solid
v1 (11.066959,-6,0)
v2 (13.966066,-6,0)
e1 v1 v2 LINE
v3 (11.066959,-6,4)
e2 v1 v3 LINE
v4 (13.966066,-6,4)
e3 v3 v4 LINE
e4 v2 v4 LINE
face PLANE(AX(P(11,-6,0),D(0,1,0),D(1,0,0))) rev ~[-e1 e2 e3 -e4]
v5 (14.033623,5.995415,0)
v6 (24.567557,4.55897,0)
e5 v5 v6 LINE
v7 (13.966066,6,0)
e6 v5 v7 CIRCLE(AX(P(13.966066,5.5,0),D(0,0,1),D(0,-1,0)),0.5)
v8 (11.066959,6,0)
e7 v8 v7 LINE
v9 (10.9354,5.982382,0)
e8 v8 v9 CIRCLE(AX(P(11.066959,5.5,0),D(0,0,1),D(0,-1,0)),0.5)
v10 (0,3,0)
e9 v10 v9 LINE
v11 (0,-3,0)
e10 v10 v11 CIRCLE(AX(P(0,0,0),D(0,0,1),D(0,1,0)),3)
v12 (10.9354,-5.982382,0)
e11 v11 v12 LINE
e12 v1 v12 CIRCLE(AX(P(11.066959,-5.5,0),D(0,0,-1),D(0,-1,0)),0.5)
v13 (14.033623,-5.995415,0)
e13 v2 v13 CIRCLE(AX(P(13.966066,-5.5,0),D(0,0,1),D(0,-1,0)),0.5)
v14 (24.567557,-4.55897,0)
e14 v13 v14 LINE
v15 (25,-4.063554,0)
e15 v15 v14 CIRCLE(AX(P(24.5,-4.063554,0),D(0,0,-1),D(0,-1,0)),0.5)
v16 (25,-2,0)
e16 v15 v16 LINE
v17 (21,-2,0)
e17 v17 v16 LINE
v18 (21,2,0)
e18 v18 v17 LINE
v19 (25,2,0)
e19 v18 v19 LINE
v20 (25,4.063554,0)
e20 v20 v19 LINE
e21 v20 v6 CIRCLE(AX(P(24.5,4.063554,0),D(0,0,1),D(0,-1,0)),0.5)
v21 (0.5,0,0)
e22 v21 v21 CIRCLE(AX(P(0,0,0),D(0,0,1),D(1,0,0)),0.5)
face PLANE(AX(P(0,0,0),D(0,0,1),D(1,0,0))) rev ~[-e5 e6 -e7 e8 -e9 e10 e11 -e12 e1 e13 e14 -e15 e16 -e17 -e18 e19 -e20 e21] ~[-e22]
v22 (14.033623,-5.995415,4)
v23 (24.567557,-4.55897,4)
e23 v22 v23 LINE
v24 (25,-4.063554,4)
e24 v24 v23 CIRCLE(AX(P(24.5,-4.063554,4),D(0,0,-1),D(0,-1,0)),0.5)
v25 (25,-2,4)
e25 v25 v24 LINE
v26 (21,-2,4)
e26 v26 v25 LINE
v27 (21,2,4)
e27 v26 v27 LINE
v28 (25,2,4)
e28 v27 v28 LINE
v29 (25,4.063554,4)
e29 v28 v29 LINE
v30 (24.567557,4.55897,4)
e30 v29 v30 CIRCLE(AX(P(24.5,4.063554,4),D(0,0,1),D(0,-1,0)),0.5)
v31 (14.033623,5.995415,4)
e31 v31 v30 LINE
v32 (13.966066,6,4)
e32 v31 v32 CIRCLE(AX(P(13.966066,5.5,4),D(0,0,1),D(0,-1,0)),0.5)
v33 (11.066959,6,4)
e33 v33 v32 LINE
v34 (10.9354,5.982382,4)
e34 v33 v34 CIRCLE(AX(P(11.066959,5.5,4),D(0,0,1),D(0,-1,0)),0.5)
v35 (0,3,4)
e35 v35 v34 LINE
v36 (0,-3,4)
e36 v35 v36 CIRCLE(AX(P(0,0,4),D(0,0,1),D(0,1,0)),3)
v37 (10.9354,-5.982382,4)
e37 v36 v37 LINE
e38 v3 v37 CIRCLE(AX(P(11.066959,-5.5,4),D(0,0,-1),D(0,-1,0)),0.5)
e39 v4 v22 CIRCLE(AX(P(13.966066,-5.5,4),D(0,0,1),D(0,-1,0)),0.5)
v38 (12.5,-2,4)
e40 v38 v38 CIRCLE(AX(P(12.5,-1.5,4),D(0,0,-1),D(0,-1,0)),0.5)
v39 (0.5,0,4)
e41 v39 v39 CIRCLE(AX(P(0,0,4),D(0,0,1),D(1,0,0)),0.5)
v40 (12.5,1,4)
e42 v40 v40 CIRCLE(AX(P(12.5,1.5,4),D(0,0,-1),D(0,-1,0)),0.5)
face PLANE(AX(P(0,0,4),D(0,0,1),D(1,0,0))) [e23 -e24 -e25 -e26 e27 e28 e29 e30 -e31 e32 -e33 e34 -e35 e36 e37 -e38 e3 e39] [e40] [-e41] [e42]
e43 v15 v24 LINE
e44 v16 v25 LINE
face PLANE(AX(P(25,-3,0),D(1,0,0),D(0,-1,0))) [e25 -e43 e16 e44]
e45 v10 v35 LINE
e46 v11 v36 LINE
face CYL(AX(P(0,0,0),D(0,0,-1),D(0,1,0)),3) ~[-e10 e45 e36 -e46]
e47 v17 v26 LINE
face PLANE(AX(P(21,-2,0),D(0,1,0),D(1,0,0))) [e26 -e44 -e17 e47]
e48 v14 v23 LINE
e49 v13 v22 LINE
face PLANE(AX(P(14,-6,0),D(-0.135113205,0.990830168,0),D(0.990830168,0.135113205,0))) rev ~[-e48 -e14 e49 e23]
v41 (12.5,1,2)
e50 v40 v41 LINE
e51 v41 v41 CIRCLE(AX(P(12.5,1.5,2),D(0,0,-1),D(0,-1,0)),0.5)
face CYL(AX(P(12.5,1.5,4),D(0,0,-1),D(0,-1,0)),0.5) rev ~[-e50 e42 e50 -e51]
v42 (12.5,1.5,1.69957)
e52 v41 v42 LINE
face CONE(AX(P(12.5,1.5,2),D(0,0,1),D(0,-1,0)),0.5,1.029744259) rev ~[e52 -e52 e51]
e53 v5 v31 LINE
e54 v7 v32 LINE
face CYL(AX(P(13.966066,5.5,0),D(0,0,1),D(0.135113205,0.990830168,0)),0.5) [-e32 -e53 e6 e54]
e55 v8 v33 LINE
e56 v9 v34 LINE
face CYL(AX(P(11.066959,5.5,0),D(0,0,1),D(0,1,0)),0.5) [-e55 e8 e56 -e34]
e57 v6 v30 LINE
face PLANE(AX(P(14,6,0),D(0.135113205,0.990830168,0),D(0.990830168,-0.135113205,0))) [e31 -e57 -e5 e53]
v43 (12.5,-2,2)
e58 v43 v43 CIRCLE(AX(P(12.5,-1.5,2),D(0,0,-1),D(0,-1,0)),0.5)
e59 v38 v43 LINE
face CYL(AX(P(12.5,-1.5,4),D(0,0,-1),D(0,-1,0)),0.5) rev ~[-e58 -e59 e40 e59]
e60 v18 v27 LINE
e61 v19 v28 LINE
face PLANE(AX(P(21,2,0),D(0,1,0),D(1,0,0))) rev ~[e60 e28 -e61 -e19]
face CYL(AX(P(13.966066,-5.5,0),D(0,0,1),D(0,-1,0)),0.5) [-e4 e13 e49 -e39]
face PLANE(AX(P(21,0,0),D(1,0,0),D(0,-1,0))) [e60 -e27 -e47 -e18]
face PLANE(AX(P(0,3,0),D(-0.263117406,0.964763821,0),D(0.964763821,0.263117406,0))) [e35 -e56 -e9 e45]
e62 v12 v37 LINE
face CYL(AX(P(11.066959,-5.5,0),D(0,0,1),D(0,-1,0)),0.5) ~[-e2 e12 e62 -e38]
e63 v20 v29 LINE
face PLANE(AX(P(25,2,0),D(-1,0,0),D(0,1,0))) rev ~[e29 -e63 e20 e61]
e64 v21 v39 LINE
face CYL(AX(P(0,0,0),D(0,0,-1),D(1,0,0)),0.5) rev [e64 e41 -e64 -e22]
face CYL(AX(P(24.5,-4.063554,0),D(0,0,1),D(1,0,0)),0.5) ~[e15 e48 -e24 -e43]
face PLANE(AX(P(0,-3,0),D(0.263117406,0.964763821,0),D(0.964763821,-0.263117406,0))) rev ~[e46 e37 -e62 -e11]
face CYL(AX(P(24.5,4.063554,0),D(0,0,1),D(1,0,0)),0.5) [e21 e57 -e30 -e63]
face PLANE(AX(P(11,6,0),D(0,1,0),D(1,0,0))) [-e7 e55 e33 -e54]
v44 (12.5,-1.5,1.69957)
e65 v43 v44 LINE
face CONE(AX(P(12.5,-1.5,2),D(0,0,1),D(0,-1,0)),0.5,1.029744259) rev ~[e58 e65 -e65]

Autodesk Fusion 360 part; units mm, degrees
sketch "Sketch1" plane through (0, 0, 0) normal (0, 0, 1) x (1, 0, 0)
  line L0 (25, -3) -> (25, 3)
  circle A0 centre (0, 0) radius 0.5
  line L1 (25, 0) -> (21, 0)
  line L2 (21, 0) -> (21, -2)
  line L3 (21, -2) -> (25, -2)
  line L4 (25, -2) -> (25, 0)
  line L5 (25, 0) -> (11, 0)
  line L6 (25, 4.5) -> (25, 0)
  line L7 (11, 0) -> (25, 0)
  line L8 (25, 0) -> (25, -4.5)
  line L9 (25, 0) -> (21, 0)
  line L10 (21, 0) -> (21, 2)
  line L11 (21, 2) -> (25, 2)
  line L12 (25, 2) -> (25, 0)
  line L13 (25, -2) -> (21, -2)
  line L14 (25, -4.5) -> (25, -2)
  line L15 (25, 2) -> (21, 2)
  line L16 (25, 4.5) -> (25, 2)
  line L17 (0, 3) -> (11, 6)
  line L18 (0, -3) -> (11, -6)
  line L19 (11, -6) -> (14, -6)
  line L20 (14, -6) -> (25, -4.5)
  line L21 (11, 6) -> (14, 6)
  line L22 (14, 6) -> (25, 4.5)
  arc A1 (0, 3) -> (0, -3) centre (0, 0) ccw
  dimension "d1" = 6
  dimension "d3" = 1
extrude "Extrude1" add sketch "Sketch1" along normal blind 4 contours L0 L2 L3 L6 L8 L10 L11 L13 L14 L15 L16 L17 L18 L19 L20 L21 L22 A1
fillet "Fillet1" radius 0.5 1 edges at (25, -4.5, 2)
fillet "Fillet2" radius 0.5 1 edges at (25, 4.5, 2)
fillet "Fillet3" radius 0.5 1 edges at (14, 6, 2)
fillet "Fillet4" radius 0.5 1 edges at (11, 6, 2)
fillet "Fillet5" radius 0.5 1 edges at (14, -6, 2)
fillet "Fillet6" radius 0.5 1 edges at (11, -6, 2)
sketch "Sketch2" plane through (0, 0, 0) normal (0, 0, 1) x (1, 0, 0)
sketch "Sketch3" plane through (0, 0, 0) normal (0, 1, 0) x (1, 0, 0)
sketch "Sketch6" plane through (0, 0, 0) normal (0, 0, -1) x (1, 0, 0)
  circle A0 centre (0, 0) radius 0.5
  arc A1 (11.067, 6) -> (10.9354, 5.9824) centre (11.067, 5.5) ccw
  line L0 (10.9354, 5.9824) -> (0, 3)
  arc A2 (0, 3) -> (0, -3) centre (0, 0) ccw
  line L1 (0, -3) -> (10.9354, -5.9824)
  arc A3 (10.9354, -5.9824) -> (11.067, -6) centre (11.067, -5.5) ccw
  line L2 (11.067, -6) -> (13.9661, -6)
  arc A4 (13.9661, -6) -> (14.0336, -5.9954) centre (13.9661, -5.5) ccw
  line L3 (14.0336, -5.9954) -> (24.5676, -4.559)
  arc A5 (24.5676, -4.559) -> (25, -4.0636) centre (24.5, -4.0636) ccw
  line L4 (25, -4.0636) -> (25, -2)
  line L5 (25, -2) -> (21, -2)
  line L6 (21, -2) -> (21, 2)
  line L7 (21, 2) -> (25, 2)
  line L8 (25, 2) -> (25, 4.0636)
  arc A6 (25, 4.0636) -> (24.5676, 4.559) centre (24.5, 4.0636) ccw
  line L9 (24.5676, 4.559) -> (14.0336, 5.9954)
  arc A7 (14.0336, 5.9954) -> (13.9661, 6) centre (13.9661, 5.5) ccw
  line L10 (13.9661, 6) -> (11.067, 6)
  line L11 (11.067, 6) -> (11.067, -6)
  dimension "d22" = 21
sketch "Sketch7" plane through (0, 0, 4) normal (0, 0, 1) x (-1, 0, 0)
  arc A0 (-10.9354, 5.9824) -> (-11.067, 6) centre (-11.067, 5.5) ccw
  line L0 (-11.067, 6) -> (-13.9661, 6)
  arc A1 (-13.9661, 6) -> (-14.0336, 5.9954) centre (-13.9661, 5.5) ccw
  line L1 (-14.0336, 5.9954) -> (-24.5676, 4.559)
  arc A2 (-24.5676, 4.559) -> (-25, 4.0636) centre (-24.5, 4.0636) ccw
  line L2 (-25, 4.0636) -> (-25, 2)
  line L3 (-25, 2) -> (-21, 2)
  line L4 (-21, 2) -> (-21, -2)
  line L5 (-21, -2) -> (-25, -2)
  line L6 (-25, -2) -> (-25, -4.0636)
  arc A3 (-25, -4.0636) -> (-24.5676, -4.559) centre (-24.5, -4.0636) ccw
  line L7 (-24.5676, -4.559) -> (-14.0336, -5.9954)
  arc A4 (-14.0336, -5.9954) -> (-13.9661, -6) centre (-13.9661, -5.5) ccw
  line L8 (-13.9661, -6) -> (-11.067, -6)
  arc A5 (-11.067, -6) -> (-10.9354, -5.9824) centre (-11.067, -5.5) ccw
  line L9 (-10.9354, -5.9824) -> (0, -3)
  arc A6 (0, -3) -> (0, 3) centre (0, 0) ccw
  line L10 (0, 3) -> (-10.9354, 5.9824)
  circle A7 centre (0, 0) radius 0.5
  line L11 (0, 0) -> (-12.5, 0)
  line L12 (-12.5, 0) -> (-12.5, -1.5)
  line L13 (-12.5, 0) -> (-12.5, 1.5)
  circle A8 centre (-12.5, -1.5) radius 0.5
  circle A9 centre (-12.5, 1.5) radius 0.5
  dimension "d23" = 12.5
  dimension "d24" = 1
  dimension "d25" = 1
hole "Hole1" at (12.5, 1.5, 4) direction (0, 0, -1) diameter 1 depth 2 tip angle 118
hole "Hole2" at (12.5, -1.5, 4) direction (0, 0, -1) diameter 1 depth 2 tip angle 118
ref_plane "WorkPlane1" through (0, 0, 12) normal (0, 0, 1) x (1, 0, 0)
equation "d25 = mm"
